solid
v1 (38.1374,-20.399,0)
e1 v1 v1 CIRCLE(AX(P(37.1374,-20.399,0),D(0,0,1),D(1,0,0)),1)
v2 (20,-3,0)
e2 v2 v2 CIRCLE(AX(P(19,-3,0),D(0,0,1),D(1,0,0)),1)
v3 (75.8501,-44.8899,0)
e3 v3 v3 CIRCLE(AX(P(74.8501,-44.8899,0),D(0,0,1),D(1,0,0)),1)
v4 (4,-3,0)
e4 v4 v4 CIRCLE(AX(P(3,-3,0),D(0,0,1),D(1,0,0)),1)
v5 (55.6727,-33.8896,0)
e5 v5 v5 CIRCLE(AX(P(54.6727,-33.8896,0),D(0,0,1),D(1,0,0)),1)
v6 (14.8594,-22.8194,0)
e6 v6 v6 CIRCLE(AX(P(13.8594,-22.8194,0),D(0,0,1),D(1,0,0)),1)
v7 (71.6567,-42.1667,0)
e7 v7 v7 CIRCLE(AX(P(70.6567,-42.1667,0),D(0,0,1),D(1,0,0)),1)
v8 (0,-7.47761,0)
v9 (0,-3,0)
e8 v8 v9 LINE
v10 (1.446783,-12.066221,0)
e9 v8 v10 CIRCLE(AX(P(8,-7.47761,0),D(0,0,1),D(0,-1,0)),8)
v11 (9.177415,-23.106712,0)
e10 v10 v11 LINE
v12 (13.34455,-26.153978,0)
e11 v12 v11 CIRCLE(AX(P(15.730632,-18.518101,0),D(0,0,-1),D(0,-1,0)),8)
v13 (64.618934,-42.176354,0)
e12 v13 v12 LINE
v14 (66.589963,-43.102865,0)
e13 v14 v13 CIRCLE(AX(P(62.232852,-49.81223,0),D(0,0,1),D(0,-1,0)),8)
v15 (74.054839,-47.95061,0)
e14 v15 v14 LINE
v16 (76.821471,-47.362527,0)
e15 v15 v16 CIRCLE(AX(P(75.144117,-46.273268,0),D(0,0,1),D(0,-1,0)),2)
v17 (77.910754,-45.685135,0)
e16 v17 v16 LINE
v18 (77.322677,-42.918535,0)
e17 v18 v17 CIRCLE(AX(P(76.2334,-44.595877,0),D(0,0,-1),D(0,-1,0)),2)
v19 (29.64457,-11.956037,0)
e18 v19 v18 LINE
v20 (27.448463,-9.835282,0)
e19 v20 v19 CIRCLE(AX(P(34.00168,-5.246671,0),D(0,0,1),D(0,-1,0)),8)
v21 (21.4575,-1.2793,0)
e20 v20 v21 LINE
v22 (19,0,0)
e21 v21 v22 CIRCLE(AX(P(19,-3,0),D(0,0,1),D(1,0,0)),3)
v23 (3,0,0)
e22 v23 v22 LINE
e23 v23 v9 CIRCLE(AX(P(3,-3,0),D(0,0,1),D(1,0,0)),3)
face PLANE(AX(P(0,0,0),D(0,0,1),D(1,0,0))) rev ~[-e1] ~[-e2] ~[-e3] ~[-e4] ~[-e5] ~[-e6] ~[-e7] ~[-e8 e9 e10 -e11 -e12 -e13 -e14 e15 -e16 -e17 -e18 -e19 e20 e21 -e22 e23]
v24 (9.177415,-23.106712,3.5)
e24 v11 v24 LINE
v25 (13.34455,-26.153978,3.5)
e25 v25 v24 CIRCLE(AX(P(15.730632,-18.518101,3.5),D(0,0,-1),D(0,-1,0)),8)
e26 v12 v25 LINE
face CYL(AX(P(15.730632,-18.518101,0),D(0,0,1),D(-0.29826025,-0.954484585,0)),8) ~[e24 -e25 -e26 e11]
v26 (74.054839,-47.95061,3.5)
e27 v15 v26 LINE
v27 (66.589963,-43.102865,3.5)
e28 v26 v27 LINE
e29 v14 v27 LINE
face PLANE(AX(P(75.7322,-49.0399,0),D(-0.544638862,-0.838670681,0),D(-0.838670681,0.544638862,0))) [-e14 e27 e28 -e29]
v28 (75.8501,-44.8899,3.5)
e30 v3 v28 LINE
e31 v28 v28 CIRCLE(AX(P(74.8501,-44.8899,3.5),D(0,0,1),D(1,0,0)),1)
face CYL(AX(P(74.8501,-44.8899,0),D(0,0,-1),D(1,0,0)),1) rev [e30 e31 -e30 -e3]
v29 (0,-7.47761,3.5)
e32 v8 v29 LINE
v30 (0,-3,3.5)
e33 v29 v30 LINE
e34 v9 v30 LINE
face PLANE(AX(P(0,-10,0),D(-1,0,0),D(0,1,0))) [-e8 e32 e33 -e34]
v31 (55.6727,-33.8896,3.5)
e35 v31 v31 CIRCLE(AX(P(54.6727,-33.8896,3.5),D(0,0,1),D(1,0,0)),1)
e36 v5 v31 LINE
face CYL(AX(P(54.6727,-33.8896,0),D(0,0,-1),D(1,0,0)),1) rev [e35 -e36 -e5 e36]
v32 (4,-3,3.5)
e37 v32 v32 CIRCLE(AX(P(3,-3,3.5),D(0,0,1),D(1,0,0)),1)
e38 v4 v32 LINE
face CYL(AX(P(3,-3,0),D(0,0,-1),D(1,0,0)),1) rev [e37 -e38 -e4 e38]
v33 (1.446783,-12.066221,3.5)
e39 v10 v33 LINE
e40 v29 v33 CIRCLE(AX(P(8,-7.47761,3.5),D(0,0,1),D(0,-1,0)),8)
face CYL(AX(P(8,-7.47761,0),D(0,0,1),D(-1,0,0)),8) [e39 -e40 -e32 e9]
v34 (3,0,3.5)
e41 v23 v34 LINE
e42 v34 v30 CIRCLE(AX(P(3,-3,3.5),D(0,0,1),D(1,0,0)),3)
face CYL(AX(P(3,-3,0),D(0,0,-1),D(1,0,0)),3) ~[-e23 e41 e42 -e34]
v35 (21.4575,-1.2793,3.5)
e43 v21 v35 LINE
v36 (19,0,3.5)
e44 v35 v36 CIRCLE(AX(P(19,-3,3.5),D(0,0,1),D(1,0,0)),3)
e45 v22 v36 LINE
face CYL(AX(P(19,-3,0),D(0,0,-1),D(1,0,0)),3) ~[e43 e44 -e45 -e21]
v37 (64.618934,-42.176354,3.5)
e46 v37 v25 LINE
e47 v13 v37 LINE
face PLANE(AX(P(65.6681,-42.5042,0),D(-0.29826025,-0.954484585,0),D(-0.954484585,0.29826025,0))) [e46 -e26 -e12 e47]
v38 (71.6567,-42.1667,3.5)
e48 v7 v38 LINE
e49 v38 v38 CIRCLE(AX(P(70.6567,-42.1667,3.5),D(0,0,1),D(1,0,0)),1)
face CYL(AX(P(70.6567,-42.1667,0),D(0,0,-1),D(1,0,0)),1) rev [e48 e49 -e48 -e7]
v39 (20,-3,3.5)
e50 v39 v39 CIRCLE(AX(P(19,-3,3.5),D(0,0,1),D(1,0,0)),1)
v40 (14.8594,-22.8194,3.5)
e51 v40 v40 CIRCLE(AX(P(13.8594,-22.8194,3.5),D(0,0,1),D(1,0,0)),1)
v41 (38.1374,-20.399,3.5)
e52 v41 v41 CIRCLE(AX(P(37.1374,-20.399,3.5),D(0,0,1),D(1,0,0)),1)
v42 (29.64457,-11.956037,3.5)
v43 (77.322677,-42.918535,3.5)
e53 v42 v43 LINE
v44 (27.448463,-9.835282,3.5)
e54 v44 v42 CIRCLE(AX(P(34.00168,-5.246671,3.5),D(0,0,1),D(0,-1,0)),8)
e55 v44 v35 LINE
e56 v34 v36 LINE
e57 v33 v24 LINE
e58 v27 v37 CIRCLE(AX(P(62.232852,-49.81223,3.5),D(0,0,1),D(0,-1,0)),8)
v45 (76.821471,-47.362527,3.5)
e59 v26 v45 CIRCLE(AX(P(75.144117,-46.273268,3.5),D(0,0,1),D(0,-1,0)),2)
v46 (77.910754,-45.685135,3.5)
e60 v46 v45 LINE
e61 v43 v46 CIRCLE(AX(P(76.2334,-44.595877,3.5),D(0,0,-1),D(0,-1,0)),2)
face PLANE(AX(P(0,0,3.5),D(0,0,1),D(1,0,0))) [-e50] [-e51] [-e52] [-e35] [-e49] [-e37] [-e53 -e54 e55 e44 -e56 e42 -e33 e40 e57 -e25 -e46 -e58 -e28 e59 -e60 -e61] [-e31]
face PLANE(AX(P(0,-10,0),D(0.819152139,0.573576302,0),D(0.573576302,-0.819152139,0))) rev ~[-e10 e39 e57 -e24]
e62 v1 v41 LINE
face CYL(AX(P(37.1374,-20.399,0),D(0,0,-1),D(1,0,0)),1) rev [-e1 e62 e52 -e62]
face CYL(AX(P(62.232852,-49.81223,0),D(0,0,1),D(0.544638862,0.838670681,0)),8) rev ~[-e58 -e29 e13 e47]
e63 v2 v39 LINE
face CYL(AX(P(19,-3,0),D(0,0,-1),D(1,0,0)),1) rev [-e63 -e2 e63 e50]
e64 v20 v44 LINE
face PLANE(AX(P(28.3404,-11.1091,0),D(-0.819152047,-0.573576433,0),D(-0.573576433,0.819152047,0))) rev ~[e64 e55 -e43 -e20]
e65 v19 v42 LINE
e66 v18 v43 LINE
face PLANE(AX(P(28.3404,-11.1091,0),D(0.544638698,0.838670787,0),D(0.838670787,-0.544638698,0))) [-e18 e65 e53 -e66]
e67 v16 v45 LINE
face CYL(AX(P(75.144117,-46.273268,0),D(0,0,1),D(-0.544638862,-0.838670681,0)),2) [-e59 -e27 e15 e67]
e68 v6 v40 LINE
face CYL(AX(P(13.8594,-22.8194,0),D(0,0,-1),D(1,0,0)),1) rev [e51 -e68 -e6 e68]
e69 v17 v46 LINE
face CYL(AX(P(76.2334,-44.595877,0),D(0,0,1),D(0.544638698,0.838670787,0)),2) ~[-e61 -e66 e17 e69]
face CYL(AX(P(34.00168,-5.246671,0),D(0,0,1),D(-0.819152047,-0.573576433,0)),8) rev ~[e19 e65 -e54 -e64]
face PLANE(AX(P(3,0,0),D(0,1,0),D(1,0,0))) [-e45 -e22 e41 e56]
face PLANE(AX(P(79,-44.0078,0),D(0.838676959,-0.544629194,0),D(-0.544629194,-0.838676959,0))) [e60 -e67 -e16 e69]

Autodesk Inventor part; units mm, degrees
ref_plane "YZ Plane" through (0, 0, 0) normal (1, 0, 0) x (0, 1, 0)
ref_plane "XZ Plane" through (0, 0, 0) normal (0, 1, 0) x (-1, 0, 0)
ref_plane "XY Plane" through (0, 0, 0) normal (0, 0, 1) x (1, 0, 0)
sketch "Sketch1" plane through (0, 0, 0) normal (0, 0, 1) x (1, 0, 0)
  line L0 (0, 0) -> (22, 0)
  circle A0 centre (3, -3) radius 1
  circle A1 centre (19, -3) radius 1
  circle A2 centre (19, -3) radius 3
  circle A3 centre (3, -3) radius 3
  line L1 (0, -10) -> (27.5638, -10) construction
  line L2 (22, 0) -> (30.0637, -11.5162) construction
  line L3 (22, 0) -> (36.0586, 0) construction
  line L4 (0, -10) -> (0, -3)
  line L5 (28.3404, -11.1091) -> (21.4575, -1.2793)
  line L6 (0, -10) -> (10.7416, -25.3406)
  circle A4 centre (26.0021, -13) radius 1 construction
  line L7 (28.3404, -11.1091) -> (79, -44.0078)
  line L8 (28.3404, -11.1091) -> (26.0021, -13) construction
  line L9 (26.0021, -13) -> (10.7416, -25.3406) construction
  circle A5 centre (13.8594, -22.8194) radius 1
  line L10 (79, -101.0698) -> (79, 42.0759) construction
  line L11 (79, -44.0078) -> (75.7322, -49.0399)
  circle A6 centre (74.8501, -44.8899) radius 1
  line L12 (75.7322, -49.0399) -> (65.6681, -42.5042)
  circle A7 centre (70.6567, -42.1667) radius 1
  line L13 (65.6681, -42.5042) -> (10.7416, -25.3406)
  circle A8 centre (13.8594, -22.8194) radius 3 construction
  circle A9 centre (26.0021, -13) radius 3 construction
  line L14 (67.4577, -36.7773) -> (-2.3075, -14.9769) construction
  line L15 (-2.3075, -14.9769) -> (-9.5668, -6) construction
  line L16 (90.7322, -58.781) -> (24.0944, -15.5059) construction
  line L17 (24.0944, -15.5059) -> (16.5425, -4.7207) construction
  line L18 (47.0108, -30.388) -> (1.9372, -16.3033) construction
  line L19 (1.9372, -16.3033) -> (12.3526, -7.8807) construction
  line L20 (12.3526, -7.8807) -> (47.0108, -30.388) construction
  line L21 (0, -6) -> (22, -6) construction
  line L22 (-9.5668, -6) -> (17.4383, -6) construction
  line L23 (17.4383, -6) -> (22.4483, -13.155) construction
  line L24 (22.4483, -13.155) -> (6.5898, -25.9792) construction
  line L25 (6.5898, -25.9792) -> (-9.5668, -6) construction
  circle A10 centre (54.6727, -33.8896) radius 1
  circle A11 centre (37.1374, -20.399) radius 1
  circle A12 centre (37.1374, -20.399) radius 3 construction
  point P0 (19, 0)
  point P1 (3, 0)
  dimension "d0" = 22
  dimension "d1" = 2
  dimension "d2" = 2
  dimension "d3" = 16
  dimension "d4" = 3
  dimension "d5" = 3
  dimension "d6" = 2
  dimension "d7" = 2
  dimension "d8" = 10
  dimension "d9" = 55
  dimension "d10" = 2
  dimension "d11" = 13
  dimension "d12" = 3
  dimension "d13" = 158
  dimension "d14" = 2
  dimension "d15" = 4
  dimension "d17" = 60
  dimension "d19" = 2
  dimension "d20" = 6
  dimension "d21" = 3
  dimension "d22" = 3
  dimension "d23" = 12
  dimension "d24" = 6
  dimension "d25" = 2
  dimension "d26" = 5
  dimension "d27" = 12
  dimension "d28" = 3
  dimension "d29" = 2
  dimension "d30" = 2
  dimension "d31" = 6
  dimension "d32" = 6
  dimension "d33" = 6
  dimension "d40" = 2
  dimension "d41" = 18
  dimension "d42" = 2
  dimension "d43" = 6
extrude "Extrusion1" add sketch "Sketch1" along normal blind 3.5
fillet "Fillet2" radius 8 4 edges at (10.7416, -25.3406, 1.75) (0, -10, 1.75) (28.3404, -11.1091, 1.75) (65.6681, -42.5042, 1.75)
fillet "Fillet3" radius 2 2 edges at (79, -44.0078, 1.75) (75.7322, -49.0399, 1.75)
equation "\"d24\" = d20"
properties part number "Tibia_V2"
